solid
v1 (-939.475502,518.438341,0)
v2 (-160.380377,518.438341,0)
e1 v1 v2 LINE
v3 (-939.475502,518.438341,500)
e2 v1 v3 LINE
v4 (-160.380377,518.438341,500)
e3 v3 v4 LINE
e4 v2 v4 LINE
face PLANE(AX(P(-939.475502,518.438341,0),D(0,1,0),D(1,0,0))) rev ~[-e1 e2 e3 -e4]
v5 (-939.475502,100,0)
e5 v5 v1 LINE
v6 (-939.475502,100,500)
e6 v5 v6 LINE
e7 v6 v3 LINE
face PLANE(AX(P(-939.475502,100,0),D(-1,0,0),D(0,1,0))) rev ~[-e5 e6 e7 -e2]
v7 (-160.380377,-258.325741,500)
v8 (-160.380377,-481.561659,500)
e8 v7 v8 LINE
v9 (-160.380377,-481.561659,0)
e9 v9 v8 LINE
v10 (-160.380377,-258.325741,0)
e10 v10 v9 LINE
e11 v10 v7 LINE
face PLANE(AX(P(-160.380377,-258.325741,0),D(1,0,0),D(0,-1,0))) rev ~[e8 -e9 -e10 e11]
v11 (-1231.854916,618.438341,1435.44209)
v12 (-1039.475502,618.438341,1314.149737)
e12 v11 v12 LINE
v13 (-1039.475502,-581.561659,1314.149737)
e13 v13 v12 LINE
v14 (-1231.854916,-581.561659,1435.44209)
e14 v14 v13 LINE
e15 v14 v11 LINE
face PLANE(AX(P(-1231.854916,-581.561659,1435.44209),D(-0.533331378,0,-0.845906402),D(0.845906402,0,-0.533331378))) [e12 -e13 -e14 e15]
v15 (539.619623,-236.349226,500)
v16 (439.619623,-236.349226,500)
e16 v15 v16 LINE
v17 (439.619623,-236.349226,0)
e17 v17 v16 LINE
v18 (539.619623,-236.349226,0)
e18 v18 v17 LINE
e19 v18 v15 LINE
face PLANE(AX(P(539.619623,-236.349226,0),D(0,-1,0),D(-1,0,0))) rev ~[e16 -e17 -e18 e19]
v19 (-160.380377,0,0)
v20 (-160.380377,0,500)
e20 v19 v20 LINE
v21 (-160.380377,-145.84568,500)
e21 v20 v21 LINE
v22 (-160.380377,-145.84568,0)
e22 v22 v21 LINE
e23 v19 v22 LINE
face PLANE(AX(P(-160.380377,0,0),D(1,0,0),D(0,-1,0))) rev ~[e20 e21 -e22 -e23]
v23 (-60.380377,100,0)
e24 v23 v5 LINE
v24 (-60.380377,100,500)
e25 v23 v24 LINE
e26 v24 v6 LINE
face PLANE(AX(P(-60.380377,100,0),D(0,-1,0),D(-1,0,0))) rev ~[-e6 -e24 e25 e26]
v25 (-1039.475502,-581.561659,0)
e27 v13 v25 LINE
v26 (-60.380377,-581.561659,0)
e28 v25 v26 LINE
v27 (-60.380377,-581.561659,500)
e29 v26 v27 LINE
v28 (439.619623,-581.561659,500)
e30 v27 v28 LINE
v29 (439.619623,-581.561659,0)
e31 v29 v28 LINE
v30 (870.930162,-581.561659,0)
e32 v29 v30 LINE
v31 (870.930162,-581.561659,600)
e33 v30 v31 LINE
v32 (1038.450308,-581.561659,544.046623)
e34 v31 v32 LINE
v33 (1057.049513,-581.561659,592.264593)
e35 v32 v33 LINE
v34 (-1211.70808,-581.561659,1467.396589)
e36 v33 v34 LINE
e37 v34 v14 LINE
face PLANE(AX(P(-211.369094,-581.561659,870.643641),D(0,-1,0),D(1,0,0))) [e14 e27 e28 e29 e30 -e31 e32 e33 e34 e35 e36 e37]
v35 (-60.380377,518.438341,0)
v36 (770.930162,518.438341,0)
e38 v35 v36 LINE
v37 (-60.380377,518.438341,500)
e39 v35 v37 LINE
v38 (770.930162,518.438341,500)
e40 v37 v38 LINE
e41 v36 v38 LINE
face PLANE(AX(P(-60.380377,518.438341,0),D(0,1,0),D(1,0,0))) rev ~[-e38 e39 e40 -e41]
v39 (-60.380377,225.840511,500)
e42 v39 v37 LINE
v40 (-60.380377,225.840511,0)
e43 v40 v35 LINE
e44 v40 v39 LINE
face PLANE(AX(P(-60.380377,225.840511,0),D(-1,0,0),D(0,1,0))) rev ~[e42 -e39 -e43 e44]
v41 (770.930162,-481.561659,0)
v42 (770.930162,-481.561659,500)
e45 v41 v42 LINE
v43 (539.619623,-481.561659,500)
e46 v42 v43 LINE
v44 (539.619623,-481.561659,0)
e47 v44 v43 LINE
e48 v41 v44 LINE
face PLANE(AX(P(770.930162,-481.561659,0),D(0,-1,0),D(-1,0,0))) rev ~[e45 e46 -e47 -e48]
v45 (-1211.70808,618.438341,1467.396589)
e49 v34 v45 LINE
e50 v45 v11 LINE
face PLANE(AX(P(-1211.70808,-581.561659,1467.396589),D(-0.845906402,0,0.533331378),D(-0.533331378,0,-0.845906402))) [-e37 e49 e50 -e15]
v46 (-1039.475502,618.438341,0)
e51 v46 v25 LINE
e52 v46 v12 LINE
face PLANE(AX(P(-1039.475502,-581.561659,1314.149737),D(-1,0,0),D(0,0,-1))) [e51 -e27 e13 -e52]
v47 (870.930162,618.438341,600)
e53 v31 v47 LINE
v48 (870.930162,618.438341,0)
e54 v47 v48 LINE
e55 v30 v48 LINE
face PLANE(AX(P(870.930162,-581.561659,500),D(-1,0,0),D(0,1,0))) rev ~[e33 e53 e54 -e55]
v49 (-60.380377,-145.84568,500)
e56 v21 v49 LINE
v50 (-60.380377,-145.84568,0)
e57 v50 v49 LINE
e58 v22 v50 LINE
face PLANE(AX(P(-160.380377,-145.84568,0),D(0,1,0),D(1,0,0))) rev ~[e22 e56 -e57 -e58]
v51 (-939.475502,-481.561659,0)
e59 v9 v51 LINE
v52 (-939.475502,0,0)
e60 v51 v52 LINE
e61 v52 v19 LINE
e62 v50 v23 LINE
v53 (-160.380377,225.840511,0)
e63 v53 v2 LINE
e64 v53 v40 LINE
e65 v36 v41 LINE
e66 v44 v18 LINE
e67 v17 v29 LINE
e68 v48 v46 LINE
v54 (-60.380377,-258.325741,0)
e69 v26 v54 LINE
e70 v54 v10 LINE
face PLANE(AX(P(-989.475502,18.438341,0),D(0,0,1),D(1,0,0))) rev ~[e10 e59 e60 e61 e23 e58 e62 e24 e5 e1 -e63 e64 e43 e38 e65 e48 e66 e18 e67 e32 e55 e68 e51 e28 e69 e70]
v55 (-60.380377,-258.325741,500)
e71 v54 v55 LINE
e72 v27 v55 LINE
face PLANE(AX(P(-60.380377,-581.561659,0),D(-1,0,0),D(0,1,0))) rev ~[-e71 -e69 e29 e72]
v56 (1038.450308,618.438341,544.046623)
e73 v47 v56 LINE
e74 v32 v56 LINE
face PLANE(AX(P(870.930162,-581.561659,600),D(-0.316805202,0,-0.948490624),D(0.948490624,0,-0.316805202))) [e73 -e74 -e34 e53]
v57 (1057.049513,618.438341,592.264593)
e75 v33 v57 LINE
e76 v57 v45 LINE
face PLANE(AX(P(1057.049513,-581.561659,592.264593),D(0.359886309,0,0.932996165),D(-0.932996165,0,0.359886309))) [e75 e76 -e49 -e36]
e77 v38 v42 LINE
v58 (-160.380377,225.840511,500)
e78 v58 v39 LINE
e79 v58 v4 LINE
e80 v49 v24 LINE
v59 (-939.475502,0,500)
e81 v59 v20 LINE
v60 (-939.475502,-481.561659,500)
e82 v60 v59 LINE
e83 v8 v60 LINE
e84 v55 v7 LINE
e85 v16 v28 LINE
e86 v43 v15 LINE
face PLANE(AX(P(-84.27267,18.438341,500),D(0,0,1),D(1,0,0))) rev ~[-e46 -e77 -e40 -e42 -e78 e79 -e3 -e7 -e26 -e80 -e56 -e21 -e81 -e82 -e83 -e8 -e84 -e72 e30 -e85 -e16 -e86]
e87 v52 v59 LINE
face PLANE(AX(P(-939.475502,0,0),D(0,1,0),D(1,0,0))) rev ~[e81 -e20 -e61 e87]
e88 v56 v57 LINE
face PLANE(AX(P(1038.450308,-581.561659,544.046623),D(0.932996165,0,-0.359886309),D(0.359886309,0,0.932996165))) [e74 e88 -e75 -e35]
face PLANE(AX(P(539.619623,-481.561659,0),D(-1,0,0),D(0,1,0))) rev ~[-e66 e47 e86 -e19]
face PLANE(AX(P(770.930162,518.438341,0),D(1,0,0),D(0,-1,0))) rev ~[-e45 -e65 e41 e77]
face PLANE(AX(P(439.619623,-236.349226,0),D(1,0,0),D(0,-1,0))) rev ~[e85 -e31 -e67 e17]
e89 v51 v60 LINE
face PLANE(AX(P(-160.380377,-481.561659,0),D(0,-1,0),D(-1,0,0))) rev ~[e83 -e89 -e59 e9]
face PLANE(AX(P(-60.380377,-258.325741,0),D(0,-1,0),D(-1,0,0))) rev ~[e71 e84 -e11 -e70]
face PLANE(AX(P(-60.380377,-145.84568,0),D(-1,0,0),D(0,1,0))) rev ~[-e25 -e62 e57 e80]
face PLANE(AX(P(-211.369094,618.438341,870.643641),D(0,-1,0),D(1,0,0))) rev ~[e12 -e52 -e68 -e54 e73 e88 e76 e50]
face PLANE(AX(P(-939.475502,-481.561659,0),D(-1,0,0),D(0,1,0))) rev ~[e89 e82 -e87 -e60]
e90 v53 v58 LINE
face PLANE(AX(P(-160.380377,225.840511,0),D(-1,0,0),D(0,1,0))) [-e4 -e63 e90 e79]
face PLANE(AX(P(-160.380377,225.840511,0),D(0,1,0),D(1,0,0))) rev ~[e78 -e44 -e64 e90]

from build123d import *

# Parameters (mm, degrees)
F0_W     = 222.1541649566
F0_H     = 100
F0_W_2   = 395.4195475671
F0_W_3   = 188.4643873005
F0_W_4   = 100
F0_H_2   = 361.5790828629
F0_H_3   = 156.8592581168
F0_H_4   = 152.8593497919
F0_W_5   = 170.2914773738
F0_W_6   = 779.0951247443
F0_H_5   = 292.5978301498
F1_DEPTH = 500
F2_W     = 1910.4056636256
F2_H     = 1200
F3_DEPTH = 100
F5_DEPTH = 1200


with BuildPart() as f1:
    # F0 (on Top) → F1 (new body)
    with BuildSketch(Plane.XY):
        Polygon((-1039.4755020642, -481.5616590203), (-939.4755020642, -481.5616590203), (-939.4755020642, 0), (-939.4755020642, 100), (-939.4755020642, 518.4383409797), (-1039.4755020642, 518.4383409797), align=None)
        Polygon((-710.1491273506, -481.5616590203), (-939.4755020642, -481.5616590203), (-1039.4755020642, -481.5616590203), (-1039.4755020642, -581.5616590203), (-710.1491273506, -581.5616590203), align=None)
        Polygon((-1039.4755020642, 618.4383409797), (-1039.4755020642, 518.4383409797), (-939.4755020642, 518.4383409797), (-659.1245005101, 518.4383409797), (-659.1245005101, 618.4383409797), align=None)
        with Locations((-548.0474180319, 568.4383409797)):
            Rectangle(F0_W, F0_H)
        Polygon((-436.9703355536, 618.4383409797), (-436.9703355536, 518.4383409797), (-160.3803773199, 518.4383409797), (-60.3803773199, 518.4383409797), (-60.3803773199, 618.4383409797), (-81.4295849381, 618.4383409797), align=None)
        with Locations((137.3293964637, 568.4383409797)):
            Rectangle(F0_W_2, F0_H)
        with Locations((429.2713638974, 568.4383409797)):
            Rectangle(F0_W_3, F0_H)
        Polygon((523.5035575476, 618.4383409797), (523.5035575476, 518.4383409797), (770.9301615614, 518.4383409797), (870.9301615614, 518.4383409797), (870.9301615614, 618.4383409797), align=None)
        with Locations((820.9301615614, 337.6487995483)):
            Rectangle(F0_W_4, F0_H_2)
        with Locations((820.9301615614, 78.4296290584)):
            Rectangle(F0_W_4, F0_H_3)
        with Locations((820.9301615614, -76.429674896)):
            Rectangle(F0_W_4, F0_H_4)
        Polygon((770.9301615614, -481.5616590203), (770.9301615614, -581.5616590203), (870.9301615614, -581.5616590203), (870.9301615614, -170.4701158022), (870.9301615614, -152.8593497919), (770.9301615614, -152.8593497919), align=None)
        Polygon((439.6196226801, -499.1724250305), (439.6196226801, -581.5616590203), (770.9301615614, -581.5616590203), (770.9301615614, -481.5616590203), (539.6196226801, -481.5616590203), (539.6196226801, -236.3492257267), (439.6196226801, -236.3492257267), (439.6196226801, -481.5616590203), align=None)
        Polygon((-160.3803773199, -258.3257411009), (-160.3803773199, -481.5616590203), (-160.3803773199, -508.6633241055), (-160.3803773199, -581.5616590203), (-60.3803773199, -581.5616590203), (-60.3803773199, -258.3257411009), align=None)
        with Locations((-625.0033886637, -531.5616590203)):
            Rectangle(F0_W_5, F0_H)
        with Locations((-549.927939692, 50)):
            Rectangle(F0_W_6, F0_H)
        Polygon((-160.3803773199, -481.5616590203), (-539.8576499768, -481.5616590203), (-539.8576499768, -581.5616590203), (-160.3803773199, -581.5616590203), (-160.3803773199, -508.6633241055), align=None)
        Polygon((-160.3803773199, 100), (-160.3803773199, 0), (-160.3803773199, -145.845679975), (-60.3803773199, -145.845679975), (-60.3803773199, 100), align=None)
        with Locations((-110.3803773199, 372.1394259048)):
            Rectangle(F0_W_4, F0_H_5)
    extrude(amount=F1_DEPTH)

    # F2 (on face) → F3 (join)
    with BuildSketch(Plane.XY.offset(500)):
        with Locations((-84.2726702514, 18.4383409797)):
            Rectangle(F2_W, F2_H)
    extrude(amount=F3_DEPTH)

    # F4 (on face) → F5 (join)
    with BuildSketch(Plane.XZ.offset(581.5616590203)):
        Polygon((-1039.4755020642, 1188.9448165894), (-1039.4755020642, 600), (870.9301615614, 600), (1038.4503075273, 544.0466226834), (1057.0495128632, 592.2645926476), (-1211.7080801369, 1467.3965893042), (-1231.8549156189, 1435.4420900345), (-1039.4755020642, 1314.1497373581), align=None)
    extrude(amount=-F5_DEPTH)


solid = f1.part
